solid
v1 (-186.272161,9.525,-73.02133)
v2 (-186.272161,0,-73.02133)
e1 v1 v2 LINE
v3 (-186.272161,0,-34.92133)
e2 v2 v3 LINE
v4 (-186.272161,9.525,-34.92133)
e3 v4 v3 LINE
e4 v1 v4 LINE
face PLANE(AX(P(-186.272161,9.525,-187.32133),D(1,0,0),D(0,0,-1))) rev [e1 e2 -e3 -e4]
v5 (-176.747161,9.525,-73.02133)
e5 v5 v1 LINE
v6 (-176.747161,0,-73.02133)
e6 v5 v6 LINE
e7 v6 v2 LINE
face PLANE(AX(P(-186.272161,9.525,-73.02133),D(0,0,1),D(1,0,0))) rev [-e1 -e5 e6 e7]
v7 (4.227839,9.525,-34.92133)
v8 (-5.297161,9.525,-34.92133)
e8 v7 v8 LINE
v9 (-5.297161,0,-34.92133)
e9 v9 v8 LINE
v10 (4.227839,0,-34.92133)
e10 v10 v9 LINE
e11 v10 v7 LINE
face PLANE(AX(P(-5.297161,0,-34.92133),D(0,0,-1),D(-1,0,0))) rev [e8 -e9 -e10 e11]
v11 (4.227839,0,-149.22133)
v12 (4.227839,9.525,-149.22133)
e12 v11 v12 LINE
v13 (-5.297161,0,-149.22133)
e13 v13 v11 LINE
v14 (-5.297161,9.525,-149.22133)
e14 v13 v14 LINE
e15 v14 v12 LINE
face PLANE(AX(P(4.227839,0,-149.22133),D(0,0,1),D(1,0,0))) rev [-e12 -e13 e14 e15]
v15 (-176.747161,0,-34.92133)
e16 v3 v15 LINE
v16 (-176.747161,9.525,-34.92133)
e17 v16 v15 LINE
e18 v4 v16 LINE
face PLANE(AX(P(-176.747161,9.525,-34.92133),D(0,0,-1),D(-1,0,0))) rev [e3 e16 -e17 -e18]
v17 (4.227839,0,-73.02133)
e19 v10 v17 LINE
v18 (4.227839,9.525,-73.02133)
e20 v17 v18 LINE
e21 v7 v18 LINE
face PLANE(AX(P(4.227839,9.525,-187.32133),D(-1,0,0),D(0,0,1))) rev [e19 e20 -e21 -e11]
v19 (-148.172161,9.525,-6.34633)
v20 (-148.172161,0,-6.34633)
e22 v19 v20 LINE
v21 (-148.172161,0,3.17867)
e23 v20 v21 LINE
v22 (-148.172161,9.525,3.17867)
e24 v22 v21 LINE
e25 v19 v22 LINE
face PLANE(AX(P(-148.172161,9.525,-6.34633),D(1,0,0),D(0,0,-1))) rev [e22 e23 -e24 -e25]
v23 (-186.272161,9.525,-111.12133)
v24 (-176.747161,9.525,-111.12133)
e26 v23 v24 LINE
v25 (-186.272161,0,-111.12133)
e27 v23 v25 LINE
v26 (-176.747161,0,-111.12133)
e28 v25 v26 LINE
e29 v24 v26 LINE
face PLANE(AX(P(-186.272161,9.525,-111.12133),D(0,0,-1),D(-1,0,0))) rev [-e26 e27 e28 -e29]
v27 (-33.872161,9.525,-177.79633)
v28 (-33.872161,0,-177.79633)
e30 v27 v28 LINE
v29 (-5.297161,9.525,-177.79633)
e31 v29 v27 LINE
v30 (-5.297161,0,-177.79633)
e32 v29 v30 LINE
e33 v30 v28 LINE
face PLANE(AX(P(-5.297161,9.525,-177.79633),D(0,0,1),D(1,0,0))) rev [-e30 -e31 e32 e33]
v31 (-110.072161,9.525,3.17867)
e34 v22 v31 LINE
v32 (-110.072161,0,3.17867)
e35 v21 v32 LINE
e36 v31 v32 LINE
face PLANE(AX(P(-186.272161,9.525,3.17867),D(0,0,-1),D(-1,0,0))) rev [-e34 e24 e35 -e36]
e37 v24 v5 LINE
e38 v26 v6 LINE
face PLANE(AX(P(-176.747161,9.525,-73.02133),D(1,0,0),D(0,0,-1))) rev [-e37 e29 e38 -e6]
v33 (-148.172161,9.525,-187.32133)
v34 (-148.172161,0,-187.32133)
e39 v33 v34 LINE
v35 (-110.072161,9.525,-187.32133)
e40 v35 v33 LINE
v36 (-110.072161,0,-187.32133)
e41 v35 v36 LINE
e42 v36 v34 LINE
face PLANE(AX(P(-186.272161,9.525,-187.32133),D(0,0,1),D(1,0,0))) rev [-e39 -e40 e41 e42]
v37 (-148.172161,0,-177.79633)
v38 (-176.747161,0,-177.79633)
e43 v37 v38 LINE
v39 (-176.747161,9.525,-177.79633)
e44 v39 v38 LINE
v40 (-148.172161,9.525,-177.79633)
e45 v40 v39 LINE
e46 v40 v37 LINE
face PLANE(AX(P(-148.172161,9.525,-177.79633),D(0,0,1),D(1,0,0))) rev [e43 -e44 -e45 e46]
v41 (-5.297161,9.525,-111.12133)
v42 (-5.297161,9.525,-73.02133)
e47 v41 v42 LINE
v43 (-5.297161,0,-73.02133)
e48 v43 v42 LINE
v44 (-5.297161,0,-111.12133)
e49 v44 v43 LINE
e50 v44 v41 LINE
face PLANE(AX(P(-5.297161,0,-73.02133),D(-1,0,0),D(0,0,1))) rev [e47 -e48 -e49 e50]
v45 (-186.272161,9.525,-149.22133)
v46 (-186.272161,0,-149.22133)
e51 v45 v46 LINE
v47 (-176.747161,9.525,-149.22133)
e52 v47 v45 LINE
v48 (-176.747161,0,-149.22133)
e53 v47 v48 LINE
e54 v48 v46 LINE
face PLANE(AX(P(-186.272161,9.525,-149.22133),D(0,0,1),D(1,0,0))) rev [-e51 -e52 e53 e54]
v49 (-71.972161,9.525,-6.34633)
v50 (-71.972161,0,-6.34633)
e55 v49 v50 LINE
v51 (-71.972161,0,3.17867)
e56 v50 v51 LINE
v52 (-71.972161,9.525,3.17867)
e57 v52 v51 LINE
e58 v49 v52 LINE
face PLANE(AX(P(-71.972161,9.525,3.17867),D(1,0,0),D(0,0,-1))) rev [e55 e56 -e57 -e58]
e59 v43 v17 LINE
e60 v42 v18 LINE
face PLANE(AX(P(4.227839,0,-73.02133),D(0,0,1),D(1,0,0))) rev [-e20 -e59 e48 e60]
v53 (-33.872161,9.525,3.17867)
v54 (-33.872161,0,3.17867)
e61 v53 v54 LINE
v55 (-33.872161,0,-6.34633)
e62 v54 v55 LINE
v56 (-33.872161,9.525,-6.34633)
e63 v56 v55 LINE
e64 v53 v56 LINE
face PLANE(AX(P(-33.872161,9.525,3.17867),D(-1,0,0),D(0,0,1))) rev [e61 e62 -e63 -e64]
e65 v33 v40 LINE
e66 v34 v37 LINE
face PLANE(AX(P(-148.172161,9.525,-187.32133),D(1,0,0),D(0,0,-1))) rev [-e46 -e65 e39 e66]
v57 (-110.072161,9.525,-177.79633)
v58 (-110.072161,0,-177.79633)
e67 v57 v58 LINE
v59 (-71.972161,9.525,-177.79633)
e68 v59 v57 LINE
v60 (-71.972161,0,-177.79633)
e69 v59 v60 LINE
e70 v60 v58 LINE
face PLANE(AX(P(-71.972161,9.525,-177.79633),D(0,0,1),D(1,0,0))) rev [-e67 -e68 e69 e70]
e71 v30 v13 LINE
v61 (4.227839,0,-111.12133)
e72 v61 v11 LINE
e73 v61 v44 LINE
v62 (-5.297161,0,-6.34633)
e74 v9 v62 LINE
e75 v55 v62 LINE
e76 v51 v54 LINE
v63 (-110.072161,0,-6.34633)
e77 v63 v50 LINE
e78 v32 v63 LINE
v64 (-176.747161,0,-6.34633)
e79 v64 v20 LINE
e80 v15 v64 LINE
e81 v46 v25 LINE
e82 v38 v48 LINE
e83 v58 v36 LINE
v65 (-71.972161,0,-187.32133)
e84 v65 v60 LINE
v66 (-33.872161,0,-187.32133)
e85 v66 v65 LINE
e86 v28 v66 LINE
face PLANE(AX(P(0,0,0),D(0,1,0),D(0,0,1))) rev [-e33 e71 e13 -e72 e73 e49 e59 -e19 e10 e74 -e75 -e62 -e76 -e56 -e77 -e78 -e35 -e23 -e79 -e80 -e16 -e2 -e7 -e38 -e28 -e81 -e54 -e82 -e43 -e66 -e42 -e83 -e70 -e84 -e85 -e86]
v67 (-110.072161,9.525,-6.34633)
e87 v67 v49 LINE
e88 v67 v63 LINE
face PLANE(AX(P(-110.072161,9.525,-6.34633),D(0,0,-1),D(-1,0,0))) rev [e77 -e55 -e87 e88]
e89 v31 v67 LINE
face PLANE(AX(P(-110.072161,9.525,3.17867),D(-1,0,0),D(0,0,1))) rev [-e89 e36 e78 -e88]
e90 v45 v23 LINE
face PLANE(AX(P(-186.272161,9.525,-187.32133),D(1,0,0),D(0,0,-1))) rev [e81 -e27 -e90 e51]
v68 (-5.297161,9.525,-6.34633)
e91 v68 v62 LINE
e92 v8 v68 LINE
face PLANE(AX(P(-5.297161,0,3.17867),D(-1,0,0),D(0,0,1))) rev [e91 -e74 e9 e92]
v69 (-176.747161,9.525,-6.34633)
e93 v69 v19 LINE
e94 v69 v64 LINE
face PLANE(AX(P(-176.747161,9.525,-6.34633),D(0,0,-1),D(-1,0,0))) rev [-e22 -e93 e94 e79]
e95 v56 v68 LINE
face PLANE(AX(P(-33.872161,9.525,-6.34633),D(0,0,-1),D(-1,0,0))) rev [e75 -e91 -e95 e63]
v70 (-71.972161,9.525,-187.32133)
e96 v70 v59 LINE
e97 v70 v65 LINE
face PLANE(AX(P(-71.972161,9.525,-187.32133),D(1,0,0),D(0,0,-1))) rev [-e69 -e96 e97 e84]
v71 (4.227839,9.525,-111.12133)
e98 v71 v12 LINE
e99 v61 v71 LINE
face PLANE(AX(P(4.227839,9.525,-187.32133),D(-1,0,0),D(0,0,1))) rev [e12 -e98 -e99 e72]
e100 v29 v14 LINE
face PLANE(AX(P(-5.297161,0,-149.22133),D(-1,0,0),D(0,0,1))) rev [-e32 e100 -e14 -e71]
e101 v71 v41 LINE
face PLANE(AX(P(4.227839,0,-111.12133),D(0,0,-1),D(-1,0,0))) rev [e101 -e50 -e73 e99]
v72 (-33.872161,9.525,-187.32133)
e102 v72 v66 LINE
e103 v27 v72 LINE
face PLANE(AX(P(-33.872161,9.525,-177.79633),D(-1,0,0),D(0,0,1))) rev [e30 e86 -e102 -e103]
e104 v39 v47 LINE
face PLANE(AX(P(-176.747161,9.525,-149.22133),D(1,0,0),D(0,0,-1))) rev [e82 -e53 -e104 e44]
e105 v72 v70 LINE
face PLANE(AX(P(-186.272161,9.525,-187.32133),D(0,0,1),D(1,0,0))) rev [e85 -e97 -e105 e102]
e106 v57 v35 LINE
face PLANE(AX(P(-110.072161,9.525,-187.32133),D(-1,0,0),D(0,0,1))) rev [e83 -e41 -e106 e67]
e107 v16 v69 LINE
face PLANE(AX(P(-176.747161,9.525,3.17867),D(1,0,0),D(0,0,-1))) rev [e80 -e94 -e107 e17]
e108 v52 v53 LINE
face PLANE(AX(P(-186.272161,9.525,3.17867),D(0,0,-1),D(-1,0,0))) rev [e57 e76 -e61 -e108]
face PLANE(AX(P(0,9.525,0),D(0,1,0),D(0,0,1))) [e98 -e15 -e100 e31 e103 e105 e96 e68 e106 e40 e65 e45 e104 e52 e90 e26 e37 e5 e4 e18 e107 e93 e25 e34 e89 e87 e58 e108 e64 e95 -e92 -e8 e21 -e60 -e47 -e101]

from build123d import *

# Parameters (mm, degrees)
SKETCH1_W           = 190.5
SKETCH1_H           = 190.5
BOSS_EXTRUDE1_DEPTH = 9.525
SKETCH2_W           = 9.525
SKETCH2_H           = 38.1
CUT_EXTRUDE1_DEPTH  = 9.525
SKETCH3_W           = 9.525
SKETCH3_H           = 38.1
CUT_EXTRUDE2_DEPTH  = 9.525
SKETCH4_W           = 9.525
SKETCH4_H           = 38.1
CUT_EXTRUDE3_DEPTH  = 9.525
SKETCH5_W           = 9.525
SKETCH5_H           = 38.1
CUT_EXTRUDE4_DEPTH  = 9.525
SKETCH6_W           = 9.525
SKETCH6_H           = 38.1
CUT_EXTRUDE5_DEPTH  = 9.525
SKETCH7_W           = 9.525
SKETCH7_H           = 38.1
CUT_EXTRUDE6_DEPTH  = 9.525
SKETCH8_W           = 28.575
SKETCH8_H           = 9.525
CUT_EXTRUDE7_DEPTH  = 9.525
SKETCH9_W           = 38.1
SKETCH9_H           = 9.525
CUT_EXTRUDE8_DEPTH  = 9.525
SKETCH10_W          = 28.575
SKETCH10_H          = 9.525
CUT_EXTRUDE9_DEPTH  = 9.525
SKETCH11_W          = 28.575
SKETCH11_H          = 9.525
CUT_EXTRUDE11_DEPTH = 9.525
SKETCH12_W          = 38.1
SKETCH12_H          = 9.525
CUT_EXTRUDE12_DEPTH = 9.525
SKETCH14_W          = 28.575
SKETCH14_H          = 9.525
CUT_EXTRUDE13_DEPTH = 9.525


with BuildPart() as part:
    # Sketch1 → Boss-Extrude1 (new body)
    with BuildSketch(Plane(origin=(0, 0, 0), x_dir=(1, 0, 0), z_dir=(0, 1, 0))):
        with Locations((-91.022160665, 92.07132964)):
            Rectangle(SKETCH1_W, SKETCH1_H)
    extrude(amount=BOSS_EXTRUDE1_DEPTH)

    # Sketch2 → Cut-Extrude1 (cut)
    with BuildSketch(Plane(origin=(0, 9.525, 0), x_dir=(1, 0, 0), z_dir=(0, 1, 0))):
        with Locations((-0.534660665, 15.87132964)):
            Rectangle(SKETCH2_W, SKETCH2_H)
    extrude(amount=-CUT_EXTRUDE1_DEPTH, mode=Mode.SUBTRACT)

    # Sketch3 → Cut-Extrude2 (cut)
    with BuildSketch(Plane(origin=(0, 9.525, 0), x_dir=(1, 0, 0), z_dir=(0, 1, 0))):
        with Locations((-0.534660665, 92.07132964)):
            Rectangle(SKETCH3_W, SKETCH3_H)
    extrude(amount=-CUT_EXTRUDE2_DEPTH, mode=Mode.SUBTRACT)

    # Sketch4 → Cut-Extrude3 (cut)
    with BuildSketch(Plane(origin=(0, 9.525, 0), x_dir=(1, 0, 0), z_dir=(0, 1, 0))):
        with Locations((-0.534660665, 168.27132964)):
            Rectangle(SKETCH4_W, SKETCH4_H)
    extrude(amount=-CUT_EXTRUDE3_DEPTH, mode=Mode.SUBTRACT)

    # Sketch5 → Cut-Extrude4 (cut)
    with BuildSketch(Plane.XZ):
        with Locations((-181.509660665, -15.87132964)):
            Rectangle(SKETCH5_W, SKETCH5_H)
    extrude(amount=-CUT_EXTRUDE4_DEPTH, mode=Mode.SUBTRACT)

    # Sketch6 → Cut-Extrude5 (cut)
    with BuildSketch(Plane.XZ):
        with Locations((-181.509660665, -92.07132964)):
            Rectangle(SKETCH6_W, SKETCH6_H)
    extrude(amount=-CUT_EXTRUDE5_DEPTH, mode=Mode.SUBTRACT)

    # Sketch7 → Cut-Extrude6 (cut)
    with BuildSketch(Plane.XZ):
        with Locations((-181.509660665, -168.27132964)):
            Rectangle(SKETCH7_W, SKETCH7_H)
    extrude(amount=-CUT_EXTRUDE6_DEPTH, mode=Mode.SUBTRACT)

    # Sketch8 → Cut-Extrude7 (cut)
    with BuildSketch(Plane.XZ):
        with Locations((-19.584660665, -182.55882964)):
            Rectangle(SKETCH8_W, SKETCH8_H)
    extrude(amount=-CUT_EXTRUDE7_DEPTH, mode=Mode.SUBTRACT)

    # Sketch9 → Cut-Extrude8 (cut)
    with BuildSketch(Plane.XZ):
        with Locations((-91.022160665, -182.55882964)):
            Rectangle(SKETCH9_W, SKETCH9_H)
    extrude(amount=-CUT_EXTRUDE8_DEPTH, mode=Mode.SUBTRACT)

    # Sketch10 → Cut-Extrude9 (cut)
    with BuildSketch(Plane.XZ):
        with Locations((-162.459660665, -182.55882964)):
            Rectangle(SKETCH10_W, SKETCH10_H)
    extrude(amount=-CUT_EXTRUDE9_DEPTH, mode=Mode.SUBTRACT)

    # Sketch11 → Cut-Extrude11 (cut)
    with BuildSketch(Plane(origin=(0, 0, 0), x_dir=(-1, 0, 0), z_dir=(0, -1, 0))):
        with Locations((162.459660665, 1.58382964)):
            Rectangle(SKETCH11_W, SKETCH11_H)
    extrude(amount=-CUT_EXTRUDE11_DEPTH, mode=Mode.SUBTRACT)

    # Sketch12 → Cut-Extrude12 (cut)
    with BuildSketch(Plane.XZ):
        with Locations((-91.022160665, -1.58382964)):
            Rectangle(SKETCH12_W, SKETCH12_H)
    extrude(amount=-CUT_EXTRUDE12_DEPTH, mode=Mode.SUBTRACT)

    # Sketch14 → Cut-Extrude13 (cut)
    with BuildSketch(Plane(origin=(0, 0, 0), x_dir=(-1, 0, 0), z_dir=(0, -1, 0))):
        with Locations((19.584660665, 1.58382964)):
            Rectangle(SKETCH14_W, SKETCH14_H)
    extrude(amount=-CUT_EXTRUDE13_DEPTH, mode=Mode.SUBTRACT)


solid = part.part
